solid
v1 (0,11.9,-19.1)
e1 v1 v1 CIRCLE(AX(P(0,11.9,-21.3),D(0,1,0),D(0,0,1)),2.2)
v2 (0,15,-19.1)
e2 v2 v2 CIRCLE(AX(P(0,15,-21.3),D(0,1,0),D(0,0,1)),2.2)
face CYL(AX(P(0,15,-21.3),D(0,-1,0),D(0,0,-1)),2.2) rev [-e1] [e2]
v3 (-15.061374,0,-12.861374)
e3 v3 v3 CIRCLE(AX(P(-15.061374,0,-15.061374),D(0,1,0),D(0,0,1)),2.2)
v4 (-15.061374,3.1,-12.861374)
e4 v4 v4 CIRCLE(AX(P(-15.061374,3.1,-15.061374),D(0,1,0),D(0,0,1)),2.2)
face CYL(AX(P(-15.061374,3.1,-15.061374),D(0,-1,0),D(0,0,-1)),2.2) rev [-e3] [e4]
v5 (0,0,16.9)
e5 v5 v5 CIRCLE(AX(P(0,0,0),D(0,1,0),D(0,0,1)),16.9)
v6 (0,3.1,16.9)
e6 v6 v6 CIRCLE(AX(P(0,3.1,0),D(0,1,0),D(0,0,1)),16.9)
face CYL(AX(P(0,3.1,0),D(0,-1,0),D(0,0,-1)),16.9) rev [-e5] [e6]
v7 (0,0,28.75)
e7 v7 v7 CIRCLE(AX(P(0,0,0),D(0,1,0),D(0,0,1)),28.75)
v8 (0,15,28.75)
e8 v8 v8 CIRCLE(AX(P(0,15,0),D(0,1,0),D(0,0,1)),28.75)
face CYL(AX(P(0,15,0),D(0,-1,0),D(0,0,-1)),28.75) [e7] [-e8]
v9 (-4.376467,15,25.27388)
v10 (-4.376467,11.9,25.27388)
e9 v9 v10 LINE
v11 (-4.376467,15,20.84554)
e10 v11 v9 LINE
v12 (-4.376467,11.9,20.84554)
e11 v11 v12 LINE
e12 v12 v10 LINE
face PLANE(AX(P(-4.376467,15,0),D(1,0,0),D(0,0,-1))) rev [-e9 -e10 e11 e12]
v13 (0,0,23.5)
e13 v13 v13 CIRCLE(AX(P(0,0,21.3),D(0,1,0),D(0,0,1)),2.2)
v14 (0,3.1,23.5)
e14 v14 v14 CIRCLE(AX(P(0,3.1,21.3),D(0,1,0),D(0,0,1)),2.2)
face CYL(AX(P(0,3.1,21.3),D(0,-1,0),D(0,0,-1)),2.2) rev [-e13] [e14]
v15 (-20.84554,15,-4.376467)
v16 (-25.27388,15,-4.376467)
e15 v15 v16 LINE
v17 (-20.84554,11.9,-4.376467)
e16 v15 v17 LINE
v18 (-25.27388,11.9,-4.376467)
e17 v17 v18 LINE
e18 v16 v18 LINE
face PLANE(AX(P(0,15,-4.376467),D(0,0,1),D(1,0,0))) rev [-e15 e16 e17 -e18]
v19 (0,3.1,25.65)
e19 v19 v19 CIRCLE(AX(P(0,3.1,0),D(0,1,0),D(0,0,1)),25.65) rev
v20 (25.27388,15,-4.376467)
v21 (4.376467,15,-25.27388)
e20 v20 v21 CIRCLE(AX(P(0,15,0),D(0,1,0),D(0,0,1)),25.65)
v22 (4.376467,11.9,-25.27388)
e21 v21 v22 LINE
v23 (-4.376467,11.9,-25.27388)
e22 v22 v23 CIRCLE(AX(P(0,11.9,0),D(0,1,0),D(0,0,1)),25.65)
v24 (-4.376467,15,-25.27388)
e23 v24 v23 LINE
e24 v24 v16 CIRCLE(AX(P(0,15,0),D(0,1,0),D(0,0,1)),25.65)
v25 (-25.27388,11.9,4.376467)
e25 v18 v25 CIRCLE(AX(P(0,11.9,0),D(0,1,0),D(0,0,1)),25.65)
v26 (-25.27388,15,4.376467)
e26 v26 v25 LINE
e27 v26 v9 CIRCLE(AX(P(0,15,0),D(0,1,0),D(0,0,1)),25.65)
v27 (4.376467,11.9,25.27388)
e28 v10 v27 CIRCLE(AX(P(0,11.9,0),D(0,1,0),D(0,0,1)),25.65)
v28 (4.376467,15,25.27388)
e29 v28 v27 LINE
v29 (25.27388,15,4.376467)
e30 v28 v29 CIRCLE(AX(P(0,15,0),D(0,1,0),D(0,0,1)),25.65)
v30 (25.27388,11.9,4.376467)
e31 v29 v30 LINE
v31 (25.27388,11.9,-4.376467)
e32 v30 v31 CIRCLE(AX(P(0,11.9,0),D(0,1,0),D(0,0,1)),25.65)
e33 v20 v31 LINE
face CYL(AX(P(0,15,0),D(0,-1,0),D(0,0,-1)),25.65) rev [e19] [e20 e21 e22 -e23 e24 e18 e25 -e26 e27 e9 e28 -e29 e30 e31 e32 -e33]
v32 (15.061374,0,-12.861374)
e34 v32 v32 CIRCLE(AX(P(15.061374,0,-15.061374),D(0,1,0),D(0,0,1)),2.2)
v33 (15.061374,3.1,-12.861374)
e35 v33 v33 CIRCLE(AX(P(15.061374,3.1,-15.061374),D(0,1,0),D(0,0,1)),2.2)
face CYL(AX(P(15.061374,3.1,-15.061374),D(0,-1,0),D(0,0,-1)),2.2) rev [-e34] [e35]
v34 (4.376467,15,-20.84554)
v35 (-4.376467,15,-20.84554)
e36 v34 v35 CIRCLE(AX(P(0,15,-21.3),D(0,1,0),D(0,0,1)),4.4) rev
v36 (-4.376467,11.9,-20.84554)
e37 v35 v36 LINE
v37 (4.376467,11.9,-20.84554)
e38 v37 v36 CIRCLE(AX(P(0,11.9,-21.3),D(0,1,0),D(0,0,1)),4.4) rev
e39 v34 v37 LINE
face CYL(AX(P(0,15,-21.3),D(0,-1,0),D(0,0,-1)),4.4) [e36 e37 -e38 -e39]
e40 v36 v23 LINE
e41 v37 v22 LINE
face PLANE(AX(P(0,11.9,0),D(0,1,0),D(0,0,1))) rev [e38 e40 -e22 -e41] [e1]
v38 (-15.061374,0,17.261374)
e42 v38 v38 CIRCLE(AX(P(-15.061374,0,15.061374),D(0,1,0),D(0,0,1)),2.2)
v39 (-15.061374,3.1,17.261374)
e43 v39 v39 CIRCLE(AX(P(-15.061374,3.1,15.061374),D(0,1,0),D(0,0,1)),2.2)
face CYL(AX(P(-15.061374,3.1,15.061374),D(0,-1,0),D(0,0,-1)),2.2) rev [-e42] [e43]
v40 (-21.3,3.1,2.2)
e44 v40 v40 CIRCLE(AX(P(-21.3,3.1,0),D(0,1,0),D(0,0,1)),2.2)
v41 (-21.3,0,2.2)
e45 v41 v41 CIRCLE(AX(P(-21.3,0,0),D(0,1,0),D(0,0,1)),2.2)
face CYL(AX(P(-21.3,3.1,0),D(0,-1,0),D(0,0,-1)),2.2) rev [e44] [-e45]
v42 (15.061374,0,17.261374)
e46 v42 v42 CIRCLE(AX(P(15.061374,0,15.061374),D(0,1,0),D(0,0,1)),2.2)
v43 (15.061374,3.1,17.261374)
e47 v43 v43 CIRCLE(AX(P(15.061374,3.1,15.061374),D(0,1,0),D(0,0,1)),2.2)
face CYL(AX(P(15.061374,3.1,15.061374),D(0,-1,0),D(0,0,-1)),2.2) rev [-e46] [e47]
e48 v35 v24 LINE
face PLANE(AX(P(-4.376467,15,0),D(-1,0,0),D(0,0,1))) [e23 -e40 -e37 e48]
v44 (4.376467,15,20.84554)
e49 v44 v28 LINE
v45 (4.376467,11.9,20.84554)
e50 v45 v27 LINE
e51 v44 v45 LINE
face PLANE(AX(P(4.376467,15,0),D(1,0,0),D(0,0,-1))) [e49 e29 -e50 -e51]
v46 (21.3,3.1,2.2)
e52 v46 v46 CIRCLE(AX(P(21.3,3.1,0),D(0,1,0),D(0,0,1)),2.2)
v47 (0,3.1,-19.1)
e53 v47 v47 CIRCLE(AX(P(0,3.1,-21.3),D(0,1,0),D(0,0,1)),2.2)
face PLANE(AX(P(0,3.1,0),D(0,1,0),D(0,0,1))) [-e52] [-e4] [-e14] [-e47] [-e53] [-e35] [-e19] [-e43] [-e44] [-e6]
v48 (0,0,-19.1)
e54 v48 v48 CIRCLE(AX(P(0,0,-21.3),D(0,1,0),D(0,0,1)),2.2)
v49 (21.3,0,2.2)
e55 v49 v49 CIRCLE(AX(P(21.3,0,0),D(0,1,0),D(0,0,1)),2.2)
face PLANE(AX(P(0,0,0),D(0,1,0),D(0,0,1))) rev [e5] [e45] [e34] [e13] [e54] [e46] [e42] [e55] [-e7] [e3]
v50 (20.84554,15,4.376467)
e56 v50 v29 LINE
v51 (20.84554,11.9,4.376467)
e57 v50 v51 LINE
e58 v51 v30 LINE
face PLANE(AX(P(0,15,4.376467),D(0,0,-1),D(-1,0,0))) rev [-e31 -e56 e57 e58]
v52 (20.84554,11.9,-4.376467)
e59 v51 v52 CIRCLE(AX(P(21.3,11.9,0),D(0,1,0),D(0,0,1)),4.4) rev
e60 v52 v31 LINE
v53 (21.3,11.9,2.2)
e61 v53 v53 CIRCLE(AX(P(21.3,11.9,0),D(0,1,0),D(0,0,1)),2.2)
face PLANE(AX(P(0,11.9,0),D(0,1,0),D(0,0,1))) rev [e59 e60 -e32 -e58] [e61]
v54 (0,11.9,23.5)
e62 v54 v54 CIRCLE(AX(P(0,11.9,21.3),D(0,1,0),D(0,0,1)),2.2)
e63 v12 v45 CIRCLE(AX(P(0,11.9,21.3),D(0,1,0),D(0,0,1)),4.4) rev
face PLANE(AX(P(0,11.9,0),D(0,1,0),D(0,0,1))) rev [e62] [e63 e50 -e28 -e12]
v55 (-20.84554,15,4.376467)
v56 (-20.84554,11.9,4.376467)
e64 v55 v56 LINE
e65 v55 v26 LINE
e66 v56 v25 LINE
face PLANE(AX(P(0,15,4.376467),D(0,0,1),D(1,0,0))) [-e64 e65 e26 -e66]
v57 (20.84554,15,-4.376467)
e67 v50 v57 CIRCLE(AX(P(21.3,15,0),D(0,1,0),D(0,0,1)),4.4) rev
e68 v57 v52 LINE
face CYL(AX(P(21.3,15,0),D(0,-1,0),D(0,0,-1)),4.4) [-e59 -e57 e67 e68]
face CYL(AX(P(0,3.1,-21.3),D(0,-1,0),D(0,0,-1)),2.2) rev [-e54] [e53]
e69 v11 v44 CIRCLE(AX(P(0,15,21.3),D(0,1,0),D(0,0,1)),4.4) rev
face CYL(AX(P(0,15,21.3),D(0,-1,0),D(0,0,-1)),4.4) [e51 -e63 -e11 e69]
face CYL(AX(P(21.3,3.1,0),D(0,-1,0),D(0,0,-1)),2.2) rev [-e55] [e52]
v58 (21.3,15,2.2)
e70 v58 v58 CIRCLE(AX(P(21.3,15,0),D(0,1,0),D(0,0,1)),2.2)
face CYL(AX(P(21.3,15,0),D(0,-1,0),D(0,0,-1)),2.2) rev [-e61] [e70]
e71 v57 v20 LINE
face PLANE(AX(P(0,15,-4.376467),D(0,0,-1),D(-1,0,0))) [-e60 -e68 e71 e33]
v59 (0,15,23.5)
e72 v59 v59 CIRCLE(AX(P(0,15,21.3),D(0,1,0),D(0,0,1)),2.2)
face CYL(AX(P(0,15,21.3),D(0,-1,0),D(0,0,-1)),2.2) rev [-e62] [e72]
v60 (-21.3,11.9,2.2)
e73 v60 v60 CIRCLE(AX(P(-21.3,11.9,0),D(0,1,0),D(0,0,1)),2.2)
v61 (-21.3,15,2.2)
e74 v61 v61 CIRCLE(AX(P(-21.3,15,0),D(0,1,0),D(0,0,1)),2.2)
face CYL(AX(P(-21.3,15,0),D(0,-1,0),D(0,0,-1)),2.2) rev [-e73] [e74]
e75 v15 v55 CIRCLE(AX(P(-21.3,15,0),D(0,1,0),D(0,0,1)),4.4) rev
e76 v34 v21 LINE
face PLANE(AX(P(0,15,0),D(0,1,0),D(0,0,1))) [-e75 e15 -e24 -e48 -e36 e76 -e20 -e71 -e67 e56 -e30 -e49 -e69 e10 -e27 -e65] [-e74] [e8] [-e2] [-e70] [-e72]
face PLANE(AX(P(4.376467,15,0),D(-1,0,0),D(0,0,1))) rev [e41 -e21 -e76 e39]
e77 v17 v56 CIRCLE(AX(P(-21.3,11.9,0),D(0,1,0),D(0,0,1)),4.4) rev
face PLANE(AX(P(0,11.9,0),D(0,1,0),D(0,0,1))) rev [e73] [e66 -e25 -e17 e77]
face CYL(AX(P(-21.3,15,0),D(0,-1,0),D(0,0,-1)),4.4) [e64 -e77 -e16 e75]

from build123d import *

# Parameters (mm, degrees)
SKETCH1_R           = 25.65
SKETCH1_R_2         = 16.9
SKETCH1_R_3         = 2.2
BOSS_EXTRUDE1_DEPTH = 3.1
SKETCH1_3_R         = 28.75
SKETCH1_3_R_2       = 25.65
BOSS_EXTRUDE2_DEPTH = 15
SKETCH2_R           = 2.2
BOSS_EXTRUDE4_DEPTH = 3.1


with BuildPart() as part:
    # Sketch1 → Boss-Extrude1 (new body)
    with BuildSketch(Plane(origin=(0, 0, 0), x_dir=(1, 0, 0), z_dir=(0, 1, 0))):
        Circle(SKETCH1_R)
        Circle(SKETCH1_R_2, mode=Mode.SUBTRACT)
        with Locations((0, 21.3)):
            Circle(SKETCH1_R_3, mode=Mode.SUBTRACT)
        with Locations((15.061374439, 15.061374439)):
            Circle(SKETCH1_R_3, mode=Mode.SUBTRACT)
        with Locations((21.3, 0)):
            Circle(SKETCH1_R_3, mode=Mode.SUBTRACT)
        with Locations((15.061374439, -15.061374439)):
            Circle(SKETCH1_R_3, mode=Mode.SUBTRACT)
        with Locations((0, -21.3)):
            Circle(SKETCH1_R_3, mode=Mode.SUBTRACT)
        with Locations((-15.061374439, -15.061374439)):
            Circle(SKETCH1_R_3, mode=Mode.SUBTRACT)
        with Locations((-21.3, 0)):
            Circle(SKETCH1_R_3, mode=Mode.SUBTRACT)
        with Locations((-15.061374439, 15.061374439)):
            Circle(SKETCH1_R_3, mode=Mode.SUBTRACT)
    extrude(amount=BOSS_EXTRUDE1_DEPTH)

    # Sketch1<3> → Boss-Extrude2 (add)
    with BuildSketch(Plane(origin=(0, 0, 0), x_dir=(1, 0, 0), z_dir=(0, 1, 0))):
        Circle(SKETCH1_3_R)
        Circle(SKETCH1_3_R_2, mode=Mode.SUBTRACT)
    extrude(amount=BOSS_EXTRUDE2_DEPTH)

    # Sketch2 → Boss-Extrude4 (add)
    # profile 1 of 4: a face of its own
    with BuildSketch(Plane(origin=(0, 11.9, 0), x_dir=(1, 0, 0), z_dir=(0, 1, 0))):
        with BuildLine():
            ThreePointArc((-20.845539906, -4.376467299), (-16.9, 0), (-20.845539906, 4.376467299))
            Line((-20.845539906, 4.376467299), (-25.273880469, 4.376467299))
            ThreePointArc((-25.273880469, 4.376467299), (-25.65, 0), (-25.273880469, -4.376467299))
            Line((-25.273880469, -4.376467299), (-20.845539906, -4.376467299))
        make_face()
        with Locations((-21.3, 0)):
            Circle(SKETCH2_R, mode=Mode.SUBTRACT)
    # profile 2 of 4: a face of its own
    with BuildSketch(Plane(origin=(0, 11.9, 0), x_dir=(1, 0, 0), z_dir=(0, 1, 0))):
        with BuildLine():
            ThreePointArc((4.376467299, 25.273880469), (0, 25.65), (-4.376467299, 25.273880469))
            Line((-4.376467299, 25.273880469), (-4.376467299, 20.845539906))
            ThreePointArc((-4.376467299, 20.845539906), (0, 16.9), (4.376467299, 20.845539906))
            Line((4.376467299, 20.845539906), (4.376467299, 25.273880469))
        make_face()
        with Locations((0, 21.3)):
            Circle(SKETCH2_R, mode=Mode.SUBTRACT)
    # profile 3 of 4: a face of its own
    with BuildSketch(Plane(origin=(0, 11.9, 0), x_dir=(1, 0, 0), z_dir=(0, 1, 0))):
        with BuildLine():
            Line((-4.376467299, -20.845539906), (-4.376467299, -25.273880469))
            ThreePointArc((-4.376467299, -25.273880469), (0, -25.65), (4.376467299, -25.273880469))
            Line((4.376467299, -25.273880469), (4.376467299, -20.845539906))
            ThreePointArc((4.376467299, -20.845539906), (0, -16.9), (-4.376467299, -20.845539906))
        make_face()
        with Locations((0, -21.3)):
            Circle(SKETCH2_R, mode=Mode.SUBTRACT)
    # profile 4 of 4: a face of its own
    with BuildSketch(Plane(origin=(0, 11.9, 0), x_dir=(1, 0, 0), z_dir=(0, 1, 0))):
        with BuildLine():
            ThreePointArc((25.273880469, -4.376467299), (25.65, 0), (25.273880469, 4.376467299))
            Line((25.273880469, 4.376467299), (20.845539906, 4.376467299))
            ThreePointArc((20.845539906, 4.376467299), (16.9, 0), (20.845539906, -4.376467299))
            Line((20.845539906, -4.376467299), (25.273880469, -4.376467299))
        make_face()
        with Locations((21.3, 0)):
            Circle(SKETCH2_R, mode=Mode.SUBTRACT)
    extrude(amount=BOSS_EXTRUDE4_DEPTH)


solid = part.part
